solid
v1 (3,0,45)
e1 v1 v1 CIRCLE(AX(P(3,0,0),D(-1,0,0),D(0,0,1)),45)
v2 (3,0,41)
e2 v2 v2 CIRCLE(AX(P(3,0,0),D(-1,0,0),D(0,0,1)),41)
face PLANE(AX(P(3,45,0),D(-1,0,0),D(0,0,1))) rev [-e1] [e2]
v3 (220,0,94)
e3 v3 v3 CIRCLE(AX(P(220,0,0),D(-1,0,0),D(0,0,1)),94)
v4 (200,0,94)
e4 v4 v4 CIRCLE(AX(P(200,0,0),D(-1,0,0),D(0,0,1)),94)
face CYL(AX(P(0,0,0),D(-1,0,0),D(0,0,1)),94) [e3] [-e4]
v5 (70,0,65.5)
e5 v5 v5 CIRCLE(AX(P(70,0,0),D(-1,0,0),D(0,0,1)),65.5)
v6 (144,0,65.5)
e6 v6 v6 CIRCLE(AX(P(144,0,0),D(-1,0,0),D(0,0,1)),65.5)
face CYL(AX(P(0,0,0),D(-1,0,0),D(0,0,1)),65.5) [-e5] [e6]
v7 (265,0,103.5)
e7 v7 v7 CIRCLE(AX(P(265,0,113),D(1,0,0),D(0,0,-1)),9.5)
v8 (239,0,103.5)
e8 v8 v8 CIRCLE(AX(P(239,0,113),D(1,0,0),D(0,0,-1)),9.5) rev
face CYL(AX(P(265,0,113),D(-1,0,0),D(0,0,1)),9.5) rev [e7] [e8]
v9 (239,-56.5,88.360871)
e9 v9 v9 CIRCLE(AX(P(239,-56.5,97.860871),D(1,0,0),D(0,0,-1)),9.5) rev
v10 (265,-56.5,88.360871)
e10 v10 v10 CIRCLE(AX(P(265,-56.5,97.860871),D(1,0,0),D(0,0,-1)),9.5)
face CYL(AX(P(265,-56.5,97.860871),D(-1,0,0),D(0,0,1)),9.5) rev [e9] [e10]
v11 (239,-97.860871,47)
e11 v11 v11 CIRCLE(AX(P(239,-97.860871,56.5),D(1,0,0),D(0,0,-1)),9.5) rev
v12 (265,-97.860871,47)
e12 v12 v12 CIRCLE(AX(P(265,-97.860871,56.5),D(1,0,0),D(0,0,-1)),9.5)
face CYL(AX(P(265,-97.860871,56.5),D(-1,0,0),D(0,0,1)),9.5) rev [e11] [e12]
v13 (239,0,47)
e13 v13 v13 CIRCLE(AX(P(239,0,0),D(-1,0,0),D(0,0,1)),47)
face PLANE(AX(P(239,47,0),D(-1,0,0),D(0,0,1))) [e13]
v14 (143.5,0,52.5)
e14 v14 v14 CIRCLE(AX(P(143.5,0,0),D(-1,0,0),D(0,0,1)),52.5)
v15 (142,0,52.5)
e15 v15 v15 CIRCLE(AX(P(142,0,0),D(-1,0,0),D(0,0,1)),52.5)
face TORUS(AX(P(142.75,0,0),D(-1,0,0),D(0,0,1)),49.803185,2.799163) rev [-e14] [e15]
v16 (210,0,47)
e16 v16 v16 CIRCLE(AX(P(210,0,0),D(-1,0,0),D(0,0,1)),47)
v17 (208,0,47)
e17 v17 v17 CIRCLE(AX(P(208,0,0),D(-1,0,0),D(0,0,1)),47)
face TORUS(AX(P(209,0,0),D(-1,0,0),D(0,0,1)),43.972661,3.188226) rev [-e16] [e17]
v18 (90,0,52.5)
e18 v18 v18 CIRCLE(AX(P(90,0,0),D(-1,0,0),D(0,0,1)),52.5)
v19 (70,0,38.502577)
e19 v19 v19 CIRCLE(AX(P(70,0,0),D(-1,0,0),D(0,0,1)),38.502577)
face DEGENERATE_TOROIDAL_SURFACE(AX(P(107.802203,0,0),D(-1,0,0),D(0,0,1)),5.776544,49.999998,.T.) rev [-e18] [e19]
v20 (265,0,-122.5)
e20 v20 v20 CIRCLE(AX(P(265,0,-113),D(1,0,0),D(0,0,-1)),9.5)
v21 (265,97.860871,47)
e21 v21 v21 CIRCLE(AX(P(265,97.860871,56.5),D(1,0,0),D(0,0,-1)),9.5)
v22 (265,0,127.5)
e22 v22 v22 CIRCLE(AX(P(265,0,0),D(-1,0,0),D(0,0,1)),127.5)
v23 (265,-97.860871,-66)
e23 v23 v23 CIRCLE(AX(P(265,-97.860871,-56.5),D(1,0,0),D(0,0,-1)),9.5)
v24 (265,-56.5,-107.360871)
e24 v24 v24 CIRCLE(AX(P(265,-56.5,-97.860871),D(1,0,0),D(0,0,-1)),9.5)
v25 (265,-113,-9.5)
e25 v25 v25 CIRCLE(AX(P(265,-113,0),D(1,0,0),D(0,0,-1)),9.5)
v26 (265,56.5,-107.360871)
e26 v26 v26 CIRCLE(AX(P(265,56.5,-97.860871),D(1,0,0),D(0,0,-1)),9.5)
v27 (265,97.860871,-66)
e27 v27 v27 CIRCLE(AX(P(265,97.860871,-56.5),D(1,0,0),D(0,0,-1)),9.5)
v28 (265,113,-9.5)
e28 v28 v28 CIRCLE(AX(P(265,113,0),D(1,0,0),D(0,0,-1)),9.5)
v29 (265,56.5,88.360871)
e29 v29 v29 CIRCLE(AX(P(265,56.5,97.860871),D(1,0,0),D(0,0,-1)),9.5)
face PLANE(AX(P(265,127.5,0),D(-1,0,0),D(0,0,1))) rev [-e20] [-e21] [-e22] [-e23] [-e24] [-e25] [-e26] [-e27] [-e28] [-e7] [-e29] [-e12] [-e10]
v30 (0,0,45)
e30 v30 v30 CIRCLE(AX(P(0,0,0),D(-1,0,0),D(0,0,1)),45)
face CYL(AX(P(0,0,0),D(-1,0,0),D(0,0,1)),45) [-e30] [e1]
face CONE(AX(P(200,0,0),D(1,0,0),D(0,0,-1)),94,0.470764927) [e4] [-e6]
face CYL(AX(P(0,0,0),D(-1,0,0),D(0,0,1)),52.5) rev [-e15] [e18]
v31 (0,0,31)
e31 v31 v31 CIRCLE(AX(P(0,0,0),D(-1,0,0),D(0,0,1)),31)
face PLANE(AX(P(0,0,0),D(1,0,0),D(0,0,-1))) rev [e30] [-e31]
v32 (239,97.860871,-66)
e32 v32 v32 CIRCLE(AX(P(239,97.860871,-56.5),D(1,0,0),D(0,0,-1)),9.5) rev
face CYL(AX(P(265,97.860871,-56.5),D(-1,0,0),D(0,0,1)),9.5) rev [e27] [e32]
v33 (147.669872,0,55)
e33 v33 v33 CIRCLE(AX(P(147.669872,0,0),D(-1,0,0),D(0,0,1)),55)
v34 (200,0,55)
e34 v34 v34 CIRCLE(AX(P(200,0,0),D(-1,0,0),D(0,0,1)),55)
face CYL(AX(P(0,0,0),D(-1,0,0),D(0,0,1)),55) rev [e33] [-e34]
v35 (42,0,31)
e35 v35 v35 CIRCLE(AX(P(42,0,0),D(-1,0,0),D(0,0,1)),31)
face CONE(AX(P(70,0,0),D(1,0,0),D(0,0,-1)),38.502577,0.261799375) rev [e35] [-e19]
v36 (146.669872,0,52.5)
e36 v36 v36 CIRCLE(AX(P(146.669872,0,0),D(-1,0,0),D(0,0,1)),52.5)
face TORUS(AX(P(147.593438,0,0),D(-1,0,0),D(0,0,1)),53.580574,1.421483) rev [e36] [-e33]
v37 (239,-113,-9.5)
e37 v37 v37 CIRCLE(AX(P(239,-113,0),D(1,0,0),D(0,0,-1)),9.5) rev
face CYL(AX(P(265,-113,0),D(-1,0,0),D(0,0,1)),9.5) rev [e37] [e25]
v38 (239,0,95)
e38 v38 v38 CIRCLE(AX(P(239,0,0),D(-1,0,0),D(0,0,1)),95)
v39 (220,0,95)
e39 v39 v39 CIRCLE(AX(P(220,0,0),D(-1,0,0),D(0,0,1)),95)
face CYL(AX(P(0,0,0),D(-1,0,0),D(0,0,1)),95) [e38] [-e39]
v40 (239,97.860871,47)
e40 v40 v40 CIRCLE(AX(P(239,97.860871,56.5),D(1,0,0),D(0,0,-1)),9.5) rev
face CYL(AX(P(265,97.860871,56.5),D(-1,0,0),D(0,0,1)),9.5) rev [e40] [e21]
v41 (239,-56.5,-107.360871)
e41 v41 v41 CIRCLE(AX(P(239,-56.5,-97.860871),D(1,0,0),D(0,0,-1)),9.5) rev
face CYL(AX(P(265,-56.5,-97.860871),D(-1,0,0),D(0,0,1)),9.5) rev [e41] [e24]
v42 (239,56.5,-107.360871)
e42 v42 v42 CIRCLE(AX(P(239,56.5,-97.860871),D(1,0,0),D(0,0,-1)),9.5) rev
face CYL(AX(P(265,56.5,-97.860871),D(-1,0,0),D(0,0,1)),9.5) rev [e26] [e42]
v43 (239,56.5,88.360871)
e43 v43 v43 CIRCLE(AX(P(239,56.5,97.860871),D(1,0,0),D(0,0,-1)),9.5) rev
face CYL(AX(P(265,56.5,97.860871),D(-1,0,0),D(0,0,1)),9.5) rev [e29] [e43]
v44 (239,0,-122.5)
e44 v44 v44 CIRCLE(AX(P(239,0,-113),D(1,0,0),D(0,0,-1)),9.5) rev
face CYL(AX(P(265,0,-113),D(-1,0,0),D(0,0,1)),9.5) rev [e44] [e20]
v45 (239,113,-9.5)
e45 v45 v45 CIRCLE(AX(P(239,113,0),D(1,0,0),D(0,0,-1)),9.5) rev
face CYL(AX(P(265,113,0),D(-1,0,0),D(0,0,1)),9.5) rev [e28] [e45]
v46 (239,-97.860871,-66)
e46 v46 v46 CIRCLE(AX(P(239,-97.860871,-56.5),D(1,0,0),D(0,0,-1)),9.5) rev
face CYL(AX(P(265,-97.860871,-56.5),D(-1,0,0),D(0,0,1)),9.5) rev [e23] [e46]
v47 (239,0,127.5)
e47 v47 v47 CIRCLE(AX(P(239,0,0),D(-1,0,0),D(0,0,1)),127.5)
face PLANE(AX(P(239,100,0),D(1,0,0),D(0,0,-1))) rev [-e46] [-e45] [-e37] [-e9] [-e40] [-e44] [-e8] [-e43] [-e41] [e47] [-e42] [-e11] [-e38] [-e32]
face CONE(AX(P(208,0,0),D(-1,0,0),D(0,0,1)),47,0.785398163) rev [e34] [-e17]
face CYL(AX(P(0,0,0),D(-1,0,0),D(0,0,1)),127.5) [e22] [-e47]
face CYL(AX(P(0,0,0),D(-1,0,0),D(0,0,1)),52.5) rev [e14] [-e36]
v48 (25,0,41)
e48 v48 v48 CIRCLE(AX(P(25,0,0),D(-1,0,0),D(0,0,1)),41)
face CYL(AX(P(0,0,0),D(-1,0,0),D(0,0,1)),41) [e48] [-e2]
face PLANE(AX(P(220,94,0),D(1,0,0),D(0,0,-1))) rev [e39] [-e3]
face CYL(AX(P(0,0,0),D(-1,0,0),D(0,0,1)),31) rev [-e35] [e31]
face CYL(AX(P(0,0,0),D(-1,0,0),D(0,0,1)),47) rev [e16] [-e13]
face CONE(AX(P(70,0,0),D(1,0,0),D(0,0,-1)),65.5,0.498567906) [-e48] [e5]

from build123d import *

# Parameters (mm, degrees)
SKETCH_3_R           = 9.5
CUT_EXTRUDE_1_DEPTH  = 321.526909947
SKETCH_4_R           = 9.5
CUT_EXTRUDE_2_DEPTH  = 321.526909947
SKETCH_5_R           = 9.5
CUT_EXTRUDE_3_DEPTH  = 321.526909947
SKETCH_6_R           = 9.5
CUT_EXTRUDE_4_DEPTH  = 321.526909947
SKETCH_7_R           = 9.5
CUT_EXTRUDE_5_DEPTH  = 321.526909947
SKETCH_8_R           = 9.5
CUT_EXTRUDE_6_DEPTH  = 321.526909947
SKETCH_9_R           = 9.5
CUT_EXTRUDE_7_DEPTH  = 321.526909947
SKETCH_10_R          = 9.5
CUT_EXTRUDE_8_DEPTH  = 321.526909947
SKETCH_11_R          = 9.5
CUT_EXTRUDE_9_DEPTH  = 321.526909947
SKETCH_12_R          = 9.5
CUT_EXTRUDE_10_DEPTH = 321.526909947
SKETCH_13_R          = 9.5
CUT_EXTRUDE_11_DEPTH = 321.526909947
SKETCH_14_R          = 9.5
CUT_EXTRUDE_12_DEPTH = 321.526909947


with BuildPart() as part:
    # Эскиз1 → Повернуть1 (revolve)
    with BuildSketch(Plane.XY, mode=Mode.PRIVATE) as revolve_1_sk:
        Polygon((0, 0), (265, 0), (265, 127.5), (239, 127.5), (239, 100), (239, 95), (220, 95), (220, 94), (200, 94), (144, 65.5), (70, 65.5), (25, 41), (3, 41), (3, 45), (0, 45), align=None)
    revolve(revolve_1_sk.sketch.rotate(Axis((0, 0, 0), (1, 0, 0)), 90), axis=Axis((0, 0, 0), (1, 0, 0)))

    # Эскиз2 → Вырез-Повернуть1 (revolve, cut)
    with BuildSketch(Plane.XY, mode=Mode.PRIVATE) as cut_revolve_1_sk:
        with BuildLine():
            Line((0, 0), (239, 0))
            Line((239, 0), (239, 47))
            Line((239, 47), (210, 47))
            ThreePointArc((210, 47), (209, 47.16088641), (208, 47))
            Line((208, 47), (200, 55))
            Line((200, 55), (147.669872, 55))
            ThreePointArc((147.669872, 55), (146.273624348, 54.108499061), (146.669872, 52.5))
            Line((146.669872, 52.5), (143.5, 52.5))
            ThreePointArc((143.5, 52.5), (142.75, 52.602347572), (142, 52.5))
            Line((142, 52.5), (90, 52.5))
            ThreePointArc((90, 52.5), (79.13262933, 46.740617582), (70, 38.502577))
            Line((70, 38.502577), (42, 31))
            Line((42, 31), (0, 31))
            Line((0, 31), (0, 0))
        make_face()
    revolve(cut_revolve_1_sk.sketch.rotate(Axis((0, 0, 0), (1, 0, 0)), 90), axis=Axis((0, 0, 0), (1, 0, 0)), mode=Mode.SUBTRACT)

    # Эскиз3 → Вырез-Вытянуть1 (cut, through all)
    with BuildSketch(Plane(origin=(0, 0, 0), x_dir=(0, 0, -1), z_dir=(1, 0, 0))):
        with Locations((0, 113)):
            Circle(SKETCH_3_R)
    extrude(amount=CUT_EXTRUDE_1_DEPTH, mode=Mode.SUBTRACT)

    # Эскиз4 → Вырез-Вытянуть2 (cut, through all)
    with BuildSketch(Plane(origin=(0, 0, 0), x_dir=(0, 0, -1), z_dir=(1, 0, 0))):
        with Locations((-56.5, 97.860870628)):
            Circle(SKETCH_4_R)
    extrude(amount=CUT_EXTRUDE_2_DEPTH, mode=Mode.SUBTRACT)

    # Эскиз5 → Вырез-Вытянуть3 (cut, through all)
    with BuildSketch(Plane(origin=(0, 0, 0), x_dir=(0, 0, -1), z_dir=(1, 0, 0))):
        with Locations((-97.860870628, 56.5)):
            Circle(SKETCH_5_R)
    extrude(amount=CUT_EXTRUDE_3_DEPTH, mode=Mode.SUBTRACT)

    # Эскиз6 → Вырез-Вытянуть4 (cut, through all)
    with BuildSketch(Plane(origin=(0, 0, 0), x_dir=(0, 0, -1), z_dir=(1, 0, 0))):
        with Locations((-113, 0)):
            Circle(SKETCH_6_R)
    extrude(amount=CUT_EXTRUDE_4_DEPTH, mode=Mode.SUBTRACT)

    # Эскиз7 → Вырез-Вытянуть5 (cut, through all)
    with BuildSketch(Plane(origin=(0, 0, 0), x_dir=(0, 0, -1), z_dir=(1, 0, 0))):
        with Locations((-97.860870628, -56.5)):
            Circle(SKETCH_7_R)
    extrude(amount=CUT_EXTRUDE_5_DEPTH, mode=Mode.SUBTRACT)

    # Эскиз8 → Вырез-Вытянуть6 (cut, through all)
    with BuildSketch(Plane(origin=(0, 0, 0), x_dir=(0, 0, -1), z_dir=(1, 0, 0))):
        with Locations((-56.5, -97.860870628)):
            Circle(SKETCH_8_R)
    extrude(amount=CUT_EXTRUDE_6_DEPTH, mode=Mode.SUBTRACT)

    # Эскиз9 → Вырез-Вытянуть7 (cut, through all)
    with BuildSketch(Plane(origin=(0, 0, 0), x_dir=(0, 0, -1), z_dir=(1, 0, 0))):
        with Locations((0, -113)):
            Circle(SKETCH_9_R)
    extrude(amount=CUT_EXTRUDE_7_DEPTH, mode=Mode.SUBTRACT)

    # Эскиз10 → Вырез-Вытянуть8 (cut, through all)
    with BuildSketch(Plane(origin=(0, 0, 0), x_dir=(0, 0, -1), z_dir=(1, 0, 0))):
        with Locations((56.5, -97.860870628)):
            Circle(SKETCH_10_R)
    extrude(amount=CUT_EXTRUDE_8_DEPTH, mode=Mode.SUBTRACT)

    # Эскиз11 → Вырез-Вытянуть9 (cut, through all)
    with BuildSketch(Plane(origin=(0, 0, 0), x_dir=(0, 0, -1), z_dir=(1, 0, 0))):
        with Locations((97.860870628, -56.5)):
            Circle(SKETCH_11_R)
    extrude(amount=CUT_EXTRUDE_9_DEPTH, mode=Mode.SUBTRACT)

    # Эскиз12 → Вырез-Вытянуть10 (cut, through all)
    with BuildSketch(Plane(origin=(0, 0, 0), x_dir=(0, 0, -1), z_dir=(1, 0, 0))):
        with Locations((113, 0)):
            Circle(SKETCH_12_R)
    extrude(amount=CUT_EXTRUDE_10_DEPTH, mode=Mode.SUBTRACT)

    # Эскиз13 → Вырез-Вытянуть11 (cut, through all)
    with BuildSketch(Plane(origin=(0, 0, 0), x_dir=(0, 0, -1), z_dir=(1, 0, 0))):
        with Locations((97.860870628, 56.5)):
            Circle(SKETCH_13_R)
    extrude(amount=CUT_EXTRUDE_11_DEPTH, mode=Mode.SUBTRACT)

    # Эскиз14 → Вырез-Вытянуть12 (cut, through all)
    with BuildSketch(Plane(origin=(0, 0, 0), x_dir=(0, 0, -1), z_dir=(1, 0, 0))):
        with Locations((56.5, 97.860870628)):
            Circle(SKETCH_14_R)
    extrude(amount=CUT_EXTRUDE_12_DEPTH, mode=Mode.SUBTRACT)


solid = part.part
